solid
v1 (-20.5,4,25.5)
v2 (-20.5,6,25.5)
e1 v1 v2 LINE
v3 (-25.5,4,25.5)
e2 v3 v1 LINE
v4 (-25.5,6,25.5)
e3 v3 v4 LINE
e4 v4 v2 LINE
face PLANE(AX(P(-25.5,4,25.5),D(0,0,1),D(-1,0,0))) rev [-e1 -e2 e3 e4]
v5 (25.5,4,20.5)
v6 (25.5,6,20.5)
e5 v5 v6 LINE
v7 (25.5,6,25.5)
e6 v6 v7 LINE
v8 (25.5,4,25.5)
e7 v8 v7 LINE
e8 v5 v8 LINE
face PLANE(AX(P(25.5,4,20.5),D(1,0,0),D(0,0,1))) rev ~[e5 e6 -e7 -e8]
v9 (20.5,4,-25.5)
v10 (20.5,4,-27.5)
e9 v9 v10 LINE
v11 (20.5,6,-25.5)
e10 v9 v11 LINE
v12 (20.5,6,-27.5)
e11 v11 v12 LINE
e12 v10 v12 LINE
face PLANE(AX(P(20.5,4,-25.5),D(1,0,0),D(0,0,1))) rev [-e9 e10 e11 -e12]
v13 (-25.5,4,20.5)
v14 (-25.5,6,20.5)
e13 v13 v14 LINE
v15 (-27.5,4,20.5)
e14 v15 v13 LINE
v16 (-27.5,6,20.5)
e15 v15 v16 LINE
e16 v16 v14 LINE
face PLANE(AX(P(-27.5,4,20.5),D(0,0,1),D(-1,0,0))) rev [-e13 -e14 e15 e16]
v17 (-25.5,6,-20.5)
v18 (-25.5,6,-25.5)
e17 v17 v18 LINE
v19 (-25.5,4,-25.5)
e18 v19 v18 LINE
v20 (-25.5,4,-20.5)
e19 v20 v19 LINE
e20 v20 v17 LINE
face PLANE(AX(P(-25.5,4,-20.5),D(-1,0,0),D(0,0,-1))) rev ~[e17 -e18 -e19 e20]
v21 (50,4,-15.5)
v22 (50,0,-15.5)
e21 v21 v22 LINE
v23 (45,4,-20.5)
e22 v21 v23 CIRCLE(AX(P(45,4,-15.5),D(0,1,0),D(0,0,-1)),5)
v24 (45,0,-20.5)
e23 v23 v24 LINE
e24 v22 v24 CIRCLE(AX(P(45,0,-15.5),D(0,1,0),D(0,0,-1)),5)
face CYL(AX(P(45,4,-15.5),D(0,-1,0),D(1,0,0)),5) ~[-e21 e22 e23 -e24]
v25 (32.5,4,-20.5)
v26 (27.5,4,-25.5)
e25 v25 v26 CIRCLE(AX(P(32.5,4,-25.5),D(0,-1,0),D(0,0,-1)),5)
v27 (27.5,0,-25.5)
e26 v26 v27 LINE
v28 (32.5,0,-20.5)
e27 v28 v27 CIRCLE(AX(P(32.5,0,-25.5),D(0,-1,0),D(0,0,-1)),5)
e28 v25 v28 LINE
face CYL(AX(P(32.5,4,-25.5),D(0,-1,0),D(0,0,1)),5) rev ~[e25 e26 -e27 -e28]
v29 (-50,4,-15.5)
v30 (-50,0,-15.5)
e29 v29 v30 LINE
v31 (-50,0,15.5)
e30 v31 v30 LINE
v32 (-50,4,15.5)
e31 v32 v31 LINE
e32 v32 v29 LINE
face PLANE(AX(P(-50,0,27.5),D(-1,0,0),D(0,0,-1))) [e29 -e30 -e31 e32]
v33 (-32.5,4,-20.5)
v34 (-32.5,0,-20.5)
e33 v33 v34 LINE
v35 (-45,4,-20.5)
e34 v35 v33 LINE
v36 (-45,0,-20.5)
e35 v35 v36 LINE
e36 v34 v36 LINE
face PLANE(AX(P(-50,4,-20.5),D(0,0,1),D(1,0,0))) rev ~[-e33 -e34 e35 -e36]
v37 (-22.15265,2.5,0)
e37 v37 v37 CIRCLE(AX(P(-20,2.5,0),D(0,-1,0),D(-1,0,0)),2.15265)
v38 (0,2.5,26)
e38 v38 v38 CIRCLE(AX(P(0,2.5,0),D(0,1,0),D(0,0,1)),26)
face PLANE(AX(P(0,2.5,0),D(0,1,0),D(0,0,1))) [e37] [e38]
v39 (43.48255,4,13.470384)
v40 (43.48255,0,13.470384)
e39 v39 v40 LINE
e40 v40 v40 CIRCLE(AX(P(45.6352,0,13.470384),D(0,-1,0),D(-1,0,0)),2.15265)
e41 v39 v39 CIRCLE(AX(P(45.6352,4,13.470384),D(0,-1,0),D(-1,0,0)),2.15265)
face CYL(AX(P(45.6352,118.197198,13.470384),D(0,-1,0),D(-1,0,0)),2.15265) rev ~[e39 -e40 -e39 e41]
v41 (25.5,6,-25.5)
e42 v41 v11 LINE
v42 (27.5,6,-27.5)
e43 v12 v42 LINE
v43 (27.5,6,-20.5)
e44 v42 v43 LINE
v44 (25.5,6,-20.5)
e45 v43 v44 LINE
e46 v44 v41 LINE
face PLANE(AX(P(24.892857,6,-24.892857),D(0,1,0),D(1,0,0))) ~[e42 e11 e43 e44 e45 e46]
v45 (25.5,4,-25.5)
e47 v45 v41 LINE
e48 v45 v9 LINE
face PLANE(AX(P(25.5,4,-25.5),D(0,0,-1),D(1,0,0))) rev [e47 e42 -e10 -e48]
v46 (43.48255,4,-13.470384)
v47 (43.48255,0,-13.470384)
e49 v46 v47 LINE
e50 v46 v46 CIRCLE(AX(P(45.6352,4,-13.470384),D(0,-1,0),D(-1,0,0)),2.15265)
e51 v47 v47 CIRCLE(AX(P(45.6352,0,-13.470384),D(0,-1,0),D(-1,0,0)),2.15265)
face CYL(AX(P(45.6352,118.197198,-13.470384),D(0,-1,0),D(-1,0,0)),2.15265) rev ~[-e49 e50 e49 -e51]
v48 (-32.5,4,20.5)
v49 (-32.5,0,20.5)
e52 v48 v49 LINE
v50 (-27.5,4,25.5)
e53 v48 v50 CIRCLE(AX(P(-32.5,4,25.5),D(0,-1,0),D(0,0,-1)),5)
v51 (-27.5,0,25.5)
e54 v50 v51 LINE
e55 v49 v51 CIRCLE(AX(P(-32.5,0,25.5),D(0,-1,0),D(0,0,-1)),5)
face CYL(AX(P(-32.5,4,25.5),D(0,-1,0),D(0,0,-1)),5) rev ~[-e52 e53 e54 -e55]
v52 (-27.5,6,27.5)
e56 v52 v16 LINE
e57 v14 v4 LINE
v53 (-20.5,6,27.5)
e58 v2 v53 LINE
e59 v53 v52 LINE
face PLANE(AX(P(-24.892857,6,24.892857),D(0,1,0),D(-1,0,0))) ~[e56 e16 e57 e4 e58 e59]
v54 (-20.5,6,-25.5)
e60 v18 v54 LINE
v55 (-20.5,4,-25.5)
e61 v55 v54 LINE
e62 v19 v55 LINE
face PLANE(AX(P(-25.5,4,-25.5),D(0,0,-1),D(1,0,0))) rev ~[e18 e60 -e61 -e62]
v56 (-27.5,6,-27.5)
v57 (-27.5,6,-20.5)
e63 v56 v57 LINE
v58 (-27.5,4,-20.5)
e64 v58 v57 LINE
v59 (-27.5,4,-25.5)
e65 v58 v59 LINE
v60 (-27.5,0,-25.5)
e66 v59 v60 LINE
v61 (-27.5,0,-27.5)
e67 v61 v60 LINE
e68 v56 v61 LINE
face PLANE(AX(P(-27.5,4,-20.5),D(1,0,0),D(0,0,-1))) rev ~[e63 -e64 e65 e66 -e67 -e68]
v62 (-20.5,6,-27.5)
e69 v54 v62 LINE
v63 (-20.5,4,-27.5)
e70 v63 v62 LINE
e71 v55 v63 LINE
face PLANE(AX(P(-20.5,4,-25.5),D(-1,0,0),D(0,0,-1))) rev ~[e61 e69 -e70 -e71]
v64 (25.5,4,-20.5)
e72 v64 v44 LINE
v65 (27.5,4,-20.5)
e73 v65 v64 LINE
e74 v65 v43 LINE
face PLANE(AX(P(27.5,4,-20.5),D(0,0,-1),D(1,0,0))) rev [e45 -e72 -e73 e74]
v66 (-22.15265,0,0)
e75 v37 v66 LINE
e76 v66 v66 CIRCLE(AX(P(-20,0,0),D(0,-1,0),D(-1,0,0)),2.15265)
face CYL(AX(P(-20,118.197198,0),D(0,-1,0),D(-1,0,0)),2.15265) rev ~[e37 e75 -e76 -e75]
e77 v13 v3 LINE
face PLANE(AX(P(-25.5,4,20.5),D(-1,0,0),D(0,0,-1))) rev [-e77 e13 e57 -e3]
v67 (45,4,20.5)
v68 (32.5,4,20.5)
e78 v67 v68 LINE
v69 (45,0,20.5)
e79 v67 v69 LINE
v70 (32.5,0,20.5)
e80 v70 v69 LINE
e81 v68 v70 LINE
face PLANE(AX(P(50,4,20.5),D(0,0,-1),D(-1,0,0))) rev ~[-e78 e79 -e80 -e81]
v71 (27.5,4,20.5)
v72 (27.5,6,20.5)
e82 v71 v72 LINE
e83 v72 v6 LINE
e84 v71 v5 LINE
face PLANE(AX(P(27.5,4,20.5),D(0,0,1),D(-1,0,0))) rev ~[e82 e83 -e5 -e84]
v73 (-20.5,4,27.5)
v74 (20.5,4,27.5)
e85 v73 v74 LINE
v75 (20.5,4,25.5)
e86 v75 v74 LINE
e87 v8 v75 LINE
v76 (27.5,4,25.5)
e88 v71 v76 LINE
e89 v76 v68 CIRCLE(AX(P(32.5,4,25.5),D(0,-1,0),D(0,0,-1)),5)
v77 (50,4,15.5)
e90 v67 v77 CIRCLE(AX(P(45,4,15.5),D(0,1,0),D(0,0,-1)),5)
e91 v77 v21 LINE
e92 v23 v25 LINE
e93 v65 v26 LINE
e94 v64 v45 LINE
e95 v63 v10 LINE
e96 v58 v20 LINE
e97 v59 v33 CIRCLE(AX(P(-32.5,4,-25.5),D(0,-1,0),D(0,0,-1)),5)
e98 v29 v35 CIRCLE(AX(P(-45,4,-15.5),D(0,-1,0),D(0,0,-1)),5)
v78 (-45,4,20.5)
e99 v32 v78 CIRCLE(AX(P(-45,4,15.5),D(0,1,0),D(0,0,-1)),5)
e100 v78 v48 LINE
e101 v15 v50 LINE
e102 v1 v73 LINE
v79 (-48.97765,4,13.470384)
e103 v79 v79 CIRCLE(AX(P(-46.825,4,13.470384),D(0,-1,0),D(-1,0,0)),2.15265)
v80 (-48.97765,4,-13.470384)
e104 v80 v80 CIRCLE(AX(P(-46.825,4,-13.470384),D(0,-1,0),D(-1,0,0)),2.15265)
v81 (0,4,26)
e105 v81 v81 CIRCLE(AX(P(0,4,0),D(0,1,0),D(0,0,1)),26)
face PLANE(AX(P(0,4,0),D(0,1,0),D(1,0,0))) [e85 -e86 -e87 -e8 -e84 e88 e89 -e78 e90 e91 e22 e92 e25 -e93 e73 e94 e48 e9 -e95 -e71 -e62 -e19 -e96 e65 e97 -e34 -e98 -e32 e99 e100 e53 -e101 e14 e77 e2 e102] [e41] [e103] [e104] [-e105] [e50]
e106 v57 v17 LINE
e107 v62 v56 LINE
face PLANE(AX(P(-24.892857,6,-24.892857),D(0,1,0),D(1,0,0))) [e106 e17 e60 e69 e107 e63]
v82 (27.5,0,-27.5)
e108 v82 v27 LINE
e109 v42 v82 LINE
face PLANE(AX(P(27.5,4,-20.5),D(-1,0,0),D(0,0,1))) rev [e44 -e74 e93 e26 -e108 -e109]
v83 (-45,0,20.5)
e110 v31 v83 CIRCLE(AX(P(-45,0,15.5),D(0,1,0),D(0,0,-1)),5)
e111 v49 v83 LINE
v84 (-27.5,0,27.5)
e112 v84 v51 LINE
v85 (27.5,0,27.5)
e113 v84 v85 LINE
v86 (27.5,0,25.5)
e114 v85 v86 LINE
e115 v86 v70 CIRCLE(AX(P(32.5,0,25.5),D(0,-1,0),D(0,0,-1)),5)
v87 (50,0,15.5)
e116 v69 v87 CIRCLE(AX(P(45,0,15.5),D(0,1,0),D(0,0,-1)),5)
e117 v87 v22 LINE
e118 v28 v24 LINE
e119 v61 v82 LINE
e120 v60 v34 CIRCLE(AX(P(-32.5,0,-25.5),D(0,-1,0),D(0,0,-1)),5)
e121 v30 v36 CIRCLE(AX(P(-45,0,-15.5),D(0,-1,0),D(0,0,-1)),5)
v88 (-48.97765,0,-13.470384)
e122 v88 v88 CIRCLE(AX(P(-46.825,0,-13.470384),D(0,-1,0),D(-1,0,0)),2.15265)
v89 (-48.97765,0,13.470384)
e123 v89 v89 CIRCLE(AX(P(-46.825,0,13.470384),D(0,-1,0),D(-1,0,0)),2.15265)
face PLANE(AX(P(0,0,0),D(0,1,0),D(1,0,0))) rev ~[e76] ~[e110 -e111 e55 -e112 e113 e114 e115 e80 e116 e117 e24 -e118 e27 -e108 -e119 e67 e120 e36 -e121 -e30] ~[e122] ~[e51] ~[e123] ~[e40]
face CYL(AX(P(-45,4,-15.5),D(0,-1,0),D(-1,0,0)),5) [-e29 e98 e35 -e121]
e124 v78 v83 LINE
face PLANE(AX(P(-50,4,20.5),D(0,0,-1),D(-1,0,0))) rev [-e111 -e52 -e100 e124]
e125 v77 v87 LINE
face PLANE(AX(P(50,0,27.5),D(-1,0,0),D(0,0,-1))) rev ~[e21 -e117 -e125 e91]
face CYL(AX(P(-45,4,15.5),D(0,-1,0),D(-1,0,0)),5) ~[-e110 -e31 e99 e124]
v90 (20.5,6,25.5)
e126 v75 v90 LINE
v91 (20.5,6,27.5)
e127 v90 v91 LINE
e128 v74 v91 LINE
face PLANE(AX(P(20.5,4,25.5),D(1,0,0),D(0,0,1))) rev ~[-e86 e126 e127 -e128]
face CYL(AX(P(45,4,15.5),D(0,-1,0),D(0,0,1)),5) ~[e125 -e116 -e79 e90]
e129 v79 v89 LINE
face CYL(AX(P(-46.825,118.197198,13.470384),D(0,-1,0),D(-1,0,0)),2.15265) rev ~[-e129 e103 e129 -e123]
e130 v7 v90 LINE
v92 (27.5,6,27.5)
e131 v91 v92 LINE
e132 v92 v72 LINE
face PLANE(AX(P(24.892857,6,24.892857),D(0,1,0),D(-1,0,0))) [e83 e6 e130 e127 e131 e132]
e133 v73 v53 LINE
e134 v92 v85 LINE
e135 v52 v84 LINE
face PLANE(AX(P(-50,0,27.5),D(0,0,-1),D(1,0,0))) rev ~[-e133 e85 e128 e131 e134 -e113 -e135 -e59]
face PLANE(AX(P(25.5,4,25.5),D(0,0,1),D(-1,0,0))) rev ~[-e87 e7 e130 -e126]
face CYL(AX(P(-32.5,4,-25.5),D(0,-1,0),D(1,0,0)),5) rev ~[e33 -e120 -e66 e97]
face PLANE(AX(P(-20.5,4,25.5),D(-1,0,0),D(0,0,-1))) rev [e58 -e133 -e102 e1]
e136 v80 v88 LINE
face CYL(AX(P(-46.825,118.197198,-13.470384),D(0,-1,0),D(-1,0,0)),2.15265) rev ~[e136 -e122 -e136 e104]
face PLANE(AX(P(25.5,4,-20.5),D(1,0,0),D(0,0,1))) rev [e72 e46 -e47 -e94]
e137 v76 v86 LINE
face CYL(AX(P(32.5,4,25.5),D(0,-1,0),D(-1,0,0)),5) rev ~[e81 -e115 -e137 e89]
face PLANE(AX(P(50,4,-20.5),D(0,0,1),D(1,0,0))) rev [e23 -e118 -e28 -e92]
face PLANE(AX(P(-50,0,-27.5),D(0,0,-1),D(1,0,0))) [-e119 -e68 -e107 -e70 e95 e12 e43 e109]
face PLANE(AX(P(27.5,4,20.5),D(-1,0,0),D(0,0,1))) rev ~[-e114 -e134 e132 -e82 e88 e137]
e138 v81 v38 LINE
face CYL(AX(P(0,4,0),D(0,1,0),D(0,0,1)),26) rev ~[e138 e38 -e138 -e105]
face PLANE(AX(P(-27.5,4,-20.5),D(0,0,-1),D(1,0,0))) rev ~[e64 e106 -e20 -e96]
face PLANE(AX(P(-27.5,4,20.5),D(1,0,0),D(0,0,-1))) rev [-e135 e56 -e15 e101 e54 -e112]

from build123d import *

# Parameters (mm, degrees)
SKETCH1_W               = 100
SKETCH1_H               = 55
BOSS_EXTRUDE1_DEPTH     = 4
F_6_CLEARANCE_HOLE1_D   = 4.3053
SKETCH4_R               = 26
CUT_EXTRUDE1_DEPTH      = 1.5
BOSS_EXTRUDE2_DEPTH     = 2
CUT_EXTRUDE2_REACH      = 59.204
SKETCH7_W               = 22.5
SKETCH7_H               = 7
MIRROR2_COPY_1_DEPTH    = 2
MIRROR2_COPY_2_REACH    = 59.204
MIRROR2_COPY_2_SKETCH_W = 22.5
MIRROR2_COPY_2_SKETCH_H = 7
FILLET1_R               = 5


with BuildPart() as part:
    # Sketch1 → Boss-Extrude1 (new body)
    with BuildSketch(Plane(origin=(0, 0, 0), x_dir=(1, 0, 0), z_dir=(0, 1, 0))):
        Rectangle(SKETCH1_W, SKETCH1_H)
    extrude(amount=BOSS_EXTRUDE1_DEPTH)

    # #6 Clearance Hole1 (through all)
    with Locations(Plane(origin=(0, 4, 0), x_dir=(1, 0, 0), z_dir=(0, 1, 0))):
        with Locations((45.6352, 13.470384182), (45.6352, -13.470384182), (-46.825, -13.470384182), (-46.825, 13.470384182), (-20, 0)):
            Hole(F_6_CLEARANCE_HOLE1_D / 2)

    # Sketch4 → Cut-Extrude1 (cut)
    with BuildSketch(Plane(origin=(0, 4, 0), x_dir=(1, 0, 0), z_dir=(0, 1, 0))):
        with Locations(Location((0, 0, 0), (0, 0, 270))):
            Circle(SKETCH4_R)
    extrude(amount=-CUT_EXTRUDE1_DEPTH, mode=Mode.SUBTRACT)

    # Sketch6 → Boss-Extrude2 (add)
    with BuildSketch(Plane(origin=(0, 4, 0), x_dir=(1, 0, 0), z_dir=(0, 1, 0))):
        Polygon((-20.5, 25.5), (-20.5, 27.5), (-27.5, 27.5), (-27.5, 20.5), (-25.5, 20.5), (-25.5, 25.5), align=None)
    boss_extrude2 = extrude(amount=BOSS_EXTRUDE2_DEPTH)

    # Sketch7 → Cut-Extrude2 (cut, up to next)
    with BuildSketch(Plane(origin=(0, 4, 0), x_dir=(1, 0, 0), z_dir=(0, 1, 0)), mode=Mode.PRIVATE) as cut_extrude2_sk1:
        with Locations((-38.75, 24)):
            Rectangle(SKETCH7_W, SKETCH7_H)
    cut_extrude2_tool1 = extrude(cut_extrude2_sk1.sketch, amount=-CUT_EXTRUDE2_REACH, mode=Mode.PRIVATE) & part.part
    cut_extrude2 = cut_extrude2_tool1.solids().sort_by_distance((-38.75, 4, -24))[0]
    add(cut_extrude2, mode=Mode.SUBTRACT)

    # Mirror1: Boss-Extrude2, Cut-Extrude2 across plane
    add(boss_extrude2.mirror(Plane.XY))
    add(cut_extrude2.mirror(Plane.XY), mode=Mode.SUBTRACT)

    # Mirror2: Boss-Extrude2, Cut-Extrude2 across plane
    add(boss_extrude2.mirror(Plane(origin=(0, 0, 0), x_dir=(0, 0, 1), z_dir=(1, 0, 0))))
    add(cut_extrude2.mirror(Plane(origin=(0, 0, 0), x_dir=(0, 0, 1), z_dir=(1, 0, 0))), mode=Mode.SUBTRACT)

    # Mirror2 copy 1 sketch → Mirror2 copy 1 (add)
    with BuildSketch(Plane(origin=(0, 4, 0), x_dir=(-1, 0, 0), z_dir=(0, 1, 0))):
        Polygon((-20.5, 25.5), (-20.5, 27.5), (-27.5, 27.5), (-27.5, 20.5), (-25.5, 20.5), (-25.5, 25.5), align=None)
    extrude(amount=MIRROR2_COPY_1_DEPTH)

    # Mirror2 copy 2 sketch → Mirror2 copy 2 (cut, up to next)
    with BuildSketch(Plane(origin=(0, 4, 0), x_dir=(-1, 0, 0), z_dir=(0, 1, 0)), mode=Mode.PRIVATE) as mirror2_copy_2_sk1:
        with Locations((-38.75, 24)):
            Rectangle(MIRROR2_COPY_2_SKETCH_W, MIRROR2_COPY_2_SKETCH_H)
    mirror2_copy_2_tool1 = extrude(mirror2_copy_2_sk1.sketch, amount=-MIRROR2_COPY_2_REACH, mode=Mode.PRIVATE) & part.part
    add(mirror2_copy_2_tool1.solids().sort_by_distance((38.75, 4, 24))[0], mode=Mode.SUBTRACT)

    # Fillet1
    fillet1_edges = [part.edges().sort_by_distance(p)[0] for p in [
        (-50, 2, 20.5),
        (-27.5, 2, 20.5),
        (50, 2, 20.5),
        (27.5, 2, 20.5),
        (50, 2, -20.5),
        (27.5, 2, -20.5),
        (-50, 2, -20.5),
        (-27.5, 2, -20.5),
    ]]
    fillet(fillet1_edges, radius=FILLET1_R)


solid = part.part
